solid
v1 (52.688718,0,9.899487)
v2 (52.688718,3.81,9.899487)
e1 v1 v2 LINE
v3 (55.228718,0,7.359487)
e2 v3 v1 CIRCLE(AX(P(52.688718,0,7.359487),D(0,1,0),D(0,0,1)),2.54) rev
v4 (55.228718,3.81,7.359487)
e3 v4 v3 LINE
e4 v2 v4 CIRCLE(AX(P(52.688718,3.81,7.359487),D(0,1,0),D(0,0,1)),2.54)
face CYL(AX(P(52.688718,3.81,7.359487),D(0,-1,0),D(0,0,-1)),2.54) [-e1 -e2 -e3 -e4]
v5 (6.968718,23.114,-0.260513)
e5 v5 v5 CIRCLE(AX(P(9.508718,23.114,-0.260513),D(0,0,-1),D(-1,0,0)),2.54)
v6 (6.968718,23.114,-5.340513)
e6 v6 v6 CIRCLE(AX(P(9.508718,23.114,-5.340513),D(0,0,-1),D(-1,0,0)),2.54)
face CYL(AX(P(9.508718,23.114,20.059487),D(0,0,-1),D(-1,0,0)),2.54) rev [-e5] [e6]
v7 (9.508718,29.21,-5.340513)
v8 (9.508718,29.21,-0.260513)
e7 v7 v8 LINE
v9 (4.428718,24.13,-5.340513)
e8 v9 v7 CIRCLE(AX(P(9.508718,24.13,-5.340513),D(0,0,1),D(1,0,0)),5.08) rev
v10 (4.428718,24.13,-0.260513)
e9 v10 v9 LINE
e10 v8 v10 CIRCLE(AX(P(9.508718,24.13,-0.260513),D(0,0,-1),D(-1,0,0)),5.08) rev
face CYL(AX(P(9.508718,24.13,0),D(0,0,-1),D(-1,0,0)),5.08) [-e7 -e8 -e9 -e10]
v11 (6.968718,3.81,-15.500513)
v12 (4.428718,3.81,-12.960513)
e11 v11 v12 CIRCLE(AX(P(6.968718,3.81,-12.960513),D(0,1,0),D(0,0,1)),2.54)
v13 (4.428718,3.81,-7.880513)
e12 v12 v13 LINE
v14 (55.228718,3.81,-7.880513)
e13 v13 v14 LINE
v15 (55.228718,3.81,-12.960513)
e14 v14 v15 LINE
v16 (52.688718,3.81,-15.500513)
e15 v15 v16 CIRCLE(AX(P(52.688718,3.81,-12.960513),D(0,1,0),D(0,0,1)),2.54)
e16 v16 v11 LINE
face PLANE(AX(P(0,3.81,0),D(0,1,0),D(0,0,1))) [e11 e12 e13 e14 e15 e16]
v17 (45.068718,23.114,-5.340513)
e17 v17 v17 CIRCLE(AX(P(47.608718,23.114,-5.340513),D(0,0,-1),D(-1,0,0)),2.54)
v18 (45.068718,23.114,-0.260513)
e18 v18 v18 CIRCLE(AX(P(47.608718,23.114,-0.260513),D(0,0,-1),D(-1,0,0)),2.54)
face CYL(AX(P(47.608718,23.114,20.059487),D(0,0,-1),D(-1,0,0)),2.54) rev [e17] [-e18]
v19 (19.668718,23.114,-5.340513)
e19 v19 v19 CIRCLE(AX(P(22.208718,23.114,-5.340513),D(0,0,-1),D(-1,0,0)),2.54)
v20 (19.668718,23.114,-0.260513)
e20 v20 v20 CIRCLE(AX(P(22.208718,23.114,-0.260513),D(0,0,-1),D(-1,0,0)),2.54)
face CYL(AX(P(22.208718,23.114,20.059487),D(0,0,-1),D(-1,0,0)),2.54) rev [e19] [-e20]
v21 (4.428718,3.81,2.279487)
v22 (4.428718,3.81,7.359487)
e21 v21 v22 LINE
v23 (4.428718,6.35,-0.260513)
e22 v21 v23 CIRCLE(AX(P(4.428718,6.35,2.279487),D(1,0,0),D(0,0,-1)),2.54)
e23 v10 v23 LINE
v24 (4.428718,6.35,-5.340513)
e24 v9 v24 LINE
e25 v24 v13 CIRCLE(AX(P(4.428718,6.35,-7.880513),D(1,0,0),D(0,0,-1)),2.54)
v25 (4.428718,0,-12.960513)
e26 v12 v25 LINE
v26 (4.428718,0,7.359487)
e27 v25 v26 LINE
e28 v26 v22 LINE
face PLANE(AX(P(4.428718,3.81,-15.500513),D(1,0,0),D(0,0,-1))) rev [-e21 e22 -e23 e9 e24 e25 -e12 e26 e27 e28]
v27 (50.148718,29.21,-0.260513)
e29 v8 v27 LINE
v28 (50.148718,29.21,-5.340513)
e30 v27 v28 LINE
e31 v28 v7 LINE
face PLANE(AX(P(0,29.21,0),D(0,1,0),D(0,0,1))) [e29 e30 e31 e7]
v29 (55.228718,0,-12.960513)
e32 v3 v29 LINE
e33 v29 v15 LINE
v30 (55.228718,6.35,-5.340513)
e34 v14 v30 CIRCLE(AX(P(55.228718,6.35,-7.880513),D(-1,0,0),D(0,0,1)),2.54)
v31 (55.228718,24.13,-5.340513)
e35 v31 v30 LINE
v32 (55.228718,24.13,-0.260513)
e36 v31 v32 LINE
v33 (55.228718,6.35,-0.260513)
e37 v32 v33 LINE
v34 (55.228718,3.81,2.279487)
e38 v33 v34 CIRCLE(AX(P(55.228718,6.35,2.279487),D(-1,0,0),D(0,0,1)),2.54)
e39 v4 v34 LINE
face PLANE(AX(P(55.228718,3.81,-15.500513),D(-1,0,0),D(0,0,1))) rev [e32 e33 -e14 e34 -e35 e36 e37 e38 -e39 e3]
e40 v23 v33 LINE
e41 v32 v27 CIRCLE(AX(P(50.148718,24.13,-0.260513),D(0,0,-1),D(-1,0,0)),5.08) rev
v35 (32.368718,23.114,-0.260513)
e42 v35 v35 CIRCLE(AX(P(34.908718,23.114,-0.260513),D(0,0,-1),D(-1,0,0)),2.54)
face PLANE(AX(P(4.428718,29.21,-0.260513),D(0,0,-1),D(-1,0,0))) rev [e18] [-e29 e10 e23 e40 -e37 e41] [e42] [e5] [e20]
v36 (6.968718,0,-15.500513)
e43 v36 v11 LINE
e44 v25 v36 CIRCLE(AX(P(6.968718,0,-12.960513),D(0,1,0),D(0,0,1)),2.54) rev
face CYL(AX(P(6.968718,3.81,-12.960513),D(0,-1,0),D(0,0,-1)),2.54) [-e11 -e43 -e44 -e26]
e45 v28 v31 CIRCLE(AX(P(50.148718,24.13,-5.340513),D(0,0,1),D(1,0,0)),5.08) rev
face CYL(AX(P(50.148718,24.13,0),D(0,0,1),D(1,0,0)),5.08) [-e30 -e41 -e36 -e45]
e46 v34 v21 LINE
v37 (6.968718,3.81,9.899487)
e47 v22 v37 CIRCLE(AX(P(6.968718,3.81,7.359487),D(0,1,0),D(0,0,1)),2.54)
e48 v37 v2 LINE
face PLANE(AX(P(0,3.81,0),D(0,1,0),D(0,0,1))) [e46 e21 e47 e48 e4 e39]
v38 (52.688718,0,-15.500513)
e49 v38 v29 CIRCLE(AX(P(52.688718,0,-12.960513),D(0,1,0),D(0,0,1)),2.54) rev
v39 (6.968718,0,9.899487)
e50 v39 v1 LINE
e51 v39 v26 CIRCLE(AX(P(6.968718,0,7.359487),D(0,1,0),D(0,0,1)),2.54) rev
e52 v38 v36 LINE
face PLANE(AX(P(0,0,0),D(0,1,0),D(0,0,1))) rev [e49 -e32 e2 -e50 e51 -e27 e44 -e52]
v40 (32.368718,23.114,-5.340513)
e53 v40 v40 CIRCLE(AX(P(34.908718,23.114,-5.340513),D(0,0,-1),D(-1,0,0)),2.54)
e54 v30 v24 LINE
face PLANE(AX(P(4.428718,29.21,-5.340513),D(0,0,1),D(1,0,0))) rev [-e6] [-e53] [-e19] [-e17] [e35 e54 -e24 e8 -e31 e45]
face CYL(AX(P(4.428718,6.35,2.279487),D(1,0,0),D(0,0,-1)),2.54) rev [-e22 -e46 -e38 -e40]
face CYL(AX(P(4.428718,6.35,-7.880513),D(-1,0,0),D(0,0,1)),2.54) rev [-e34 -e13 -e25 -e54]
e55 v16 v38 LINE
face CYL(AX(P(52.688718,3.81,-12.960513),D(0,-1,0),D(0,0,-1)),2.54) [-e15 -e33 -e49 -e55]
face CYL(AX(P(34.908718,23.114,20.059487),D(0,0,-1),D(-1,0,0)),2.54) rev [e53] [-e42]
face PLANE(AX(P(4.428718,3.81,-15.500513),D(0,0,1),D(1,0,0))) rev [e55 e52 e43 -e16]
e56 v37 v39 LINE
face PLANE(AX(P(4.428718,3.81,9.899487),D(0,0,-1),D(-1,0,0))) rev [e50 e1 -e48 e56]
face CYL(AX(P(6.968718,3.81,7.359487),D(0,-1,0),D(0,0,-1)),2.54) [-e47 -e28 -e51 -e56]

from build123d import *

# Parameters (mm, degrees)
SKETCH1_W           = 50.8
SKETCH1_H           = 25.4
BOSS_EXTRUDE1_DEPTH = 3.81
SKETCH2_W           = 50.8
SKETCH2_H           = 5.08
BOSS_EXTRUDE2_DEPTH = 25.4
CUT_EXTRUDE1_DEPTH  = 25.4
FILLET1_R           = 5.08
FILLET2_R           = 2.54
FILLET3_R           = 2.54


with BuildPart() as part:
    # Sketch1 → Boss-Extrude1 (new body)
    with BuildSketch(Plane(origin=(0, 0, 0), x_dir=(1, 0, 0), z_dir=(0, 1, 0))):
        with Locations((29.828717949, 2.800512821)):
            Rectangle(SKETCH1_W, SKETCH1_H)
    extrude(amount=BOSS_EXTRUDE1_DEPTH)

    # Sketch2 → Boss-Extrude2 (add)
    with BuildSketch(Plane(origin=(0, 3.81, 0), x_dir=(1, 0, 0), z_dir=(0, 1, 0))):
        with Locations((29.828717949, 2.800512821)):
            Rectangle(SKETCH2_W, SKETCH2_H)
    extrude(amount=BOSS_EXTRUDE2_DEPTH)

    # Sketch3 → Cut-Extrude1 (cut)
    with BuildSketch(Plane(origin=(0, 0, -5.340512821), x_dir=(-1, 0, 0), z_dir=(0, 0, -1))):
        with BuildLine():
            ThreePointArc((-6.968717949, 23.114), (-9.508717949, 25.654), (-12.048717949, 23.114))
            Line((-12.048717949, 23.114), (-6.968717949, 23.114))
        make_face()
        with BuildLine():
            Line((-6.968717949, 23.114), (-12.048717949, 23.114))
            ThreePointArc((-12.048717949, 23.114), (-9.508717949, 20.574), (-6.968717949, 23.114))
        make_face()
        with BuildLine():
            ThreePointArc((-19.668717949, 23.114), (-22.208717949, 25.654), (-24.748717949, 23.114))
            Line((-24.748717949, 23.114), (-19.668717949, 23.114))
        make_face()
        with BuildLine():
            Line((-19.668717949, 23.114), (-24.748717949, 23.114))
            ThreePointArc((-24.748717949, 23.114), (-22.208717949, 20.574), (-19.668717949, 23.114))
        make_face()
        with BuildLine():
            ThreePointArc((-37.448717949, 23.114), (-34.908717949, 20.574), (-32.368717949, 23.114))
            Line((-32.368717949, 23.114), (-37.448717949, 23.114))
        make_face()
        with BuildLine():
            Line((-37.448717949, 23.114), (-32.368717949, 23.114))
            ThreePointArc((-32.368717949, 23.114), (-34.908717949, 25.654), (-37.448717949, 23.114))
        make_face()
        with BuildLine():
            ThreePointArc((-50.148717949, 23.114), (-47.608717949, 20.574), (-45.068717949, 23.114))
            Line((-45.068717949, 23.114), (-50.148717949, 23.114))
        make_face()
        with BuildLine():
            Line((-50.148717949, 23.114), (-45.068717949, 23.114))
            ThreePointArc((-45.068717949, 23.114), (-47.608717949, 25.654), (-50.148717949, 23.114))
        make_face()
    extrude(amount=-CUT_EXTRUDE1_DEPTH, mode=Mode.SUBTRACT)

    # Fillet1
    fillet1_edges = [part.edges().sort_by_distance(p)[0] for p in [
        (4.428717949, 29.21, -2.800512821),
        (55.228717949, 29.21, -2.800512821),
    ]]
    fillet(fillet1_edges, radius=FILLET1_R)

    # Fillet2
    fillet2_edges = [part.edges().sort_by_distance(p)[0] for p in [
        (29.828717949, 3.81, -0.260512821),
        (29.828717949, 3.81, -5.340512821),
    ]]
    fillet(fillet2_edges, radius=FILLET2_R)

    # Fillet3
    fillet3_edges = [part.edges().sort_by_distance(p)[0] for p in [
        (4.428717949, 1.905, -15.500512821),
        (55.228717949, 1.905, -15.500512821),
        (55.228717949, 1.905, 9.899487179),
        (4.428717949, 1.905, 9.899487179),
    ]]
    fillet(fillet3_edges, radius=FILLET3_R)


solid = part.part
